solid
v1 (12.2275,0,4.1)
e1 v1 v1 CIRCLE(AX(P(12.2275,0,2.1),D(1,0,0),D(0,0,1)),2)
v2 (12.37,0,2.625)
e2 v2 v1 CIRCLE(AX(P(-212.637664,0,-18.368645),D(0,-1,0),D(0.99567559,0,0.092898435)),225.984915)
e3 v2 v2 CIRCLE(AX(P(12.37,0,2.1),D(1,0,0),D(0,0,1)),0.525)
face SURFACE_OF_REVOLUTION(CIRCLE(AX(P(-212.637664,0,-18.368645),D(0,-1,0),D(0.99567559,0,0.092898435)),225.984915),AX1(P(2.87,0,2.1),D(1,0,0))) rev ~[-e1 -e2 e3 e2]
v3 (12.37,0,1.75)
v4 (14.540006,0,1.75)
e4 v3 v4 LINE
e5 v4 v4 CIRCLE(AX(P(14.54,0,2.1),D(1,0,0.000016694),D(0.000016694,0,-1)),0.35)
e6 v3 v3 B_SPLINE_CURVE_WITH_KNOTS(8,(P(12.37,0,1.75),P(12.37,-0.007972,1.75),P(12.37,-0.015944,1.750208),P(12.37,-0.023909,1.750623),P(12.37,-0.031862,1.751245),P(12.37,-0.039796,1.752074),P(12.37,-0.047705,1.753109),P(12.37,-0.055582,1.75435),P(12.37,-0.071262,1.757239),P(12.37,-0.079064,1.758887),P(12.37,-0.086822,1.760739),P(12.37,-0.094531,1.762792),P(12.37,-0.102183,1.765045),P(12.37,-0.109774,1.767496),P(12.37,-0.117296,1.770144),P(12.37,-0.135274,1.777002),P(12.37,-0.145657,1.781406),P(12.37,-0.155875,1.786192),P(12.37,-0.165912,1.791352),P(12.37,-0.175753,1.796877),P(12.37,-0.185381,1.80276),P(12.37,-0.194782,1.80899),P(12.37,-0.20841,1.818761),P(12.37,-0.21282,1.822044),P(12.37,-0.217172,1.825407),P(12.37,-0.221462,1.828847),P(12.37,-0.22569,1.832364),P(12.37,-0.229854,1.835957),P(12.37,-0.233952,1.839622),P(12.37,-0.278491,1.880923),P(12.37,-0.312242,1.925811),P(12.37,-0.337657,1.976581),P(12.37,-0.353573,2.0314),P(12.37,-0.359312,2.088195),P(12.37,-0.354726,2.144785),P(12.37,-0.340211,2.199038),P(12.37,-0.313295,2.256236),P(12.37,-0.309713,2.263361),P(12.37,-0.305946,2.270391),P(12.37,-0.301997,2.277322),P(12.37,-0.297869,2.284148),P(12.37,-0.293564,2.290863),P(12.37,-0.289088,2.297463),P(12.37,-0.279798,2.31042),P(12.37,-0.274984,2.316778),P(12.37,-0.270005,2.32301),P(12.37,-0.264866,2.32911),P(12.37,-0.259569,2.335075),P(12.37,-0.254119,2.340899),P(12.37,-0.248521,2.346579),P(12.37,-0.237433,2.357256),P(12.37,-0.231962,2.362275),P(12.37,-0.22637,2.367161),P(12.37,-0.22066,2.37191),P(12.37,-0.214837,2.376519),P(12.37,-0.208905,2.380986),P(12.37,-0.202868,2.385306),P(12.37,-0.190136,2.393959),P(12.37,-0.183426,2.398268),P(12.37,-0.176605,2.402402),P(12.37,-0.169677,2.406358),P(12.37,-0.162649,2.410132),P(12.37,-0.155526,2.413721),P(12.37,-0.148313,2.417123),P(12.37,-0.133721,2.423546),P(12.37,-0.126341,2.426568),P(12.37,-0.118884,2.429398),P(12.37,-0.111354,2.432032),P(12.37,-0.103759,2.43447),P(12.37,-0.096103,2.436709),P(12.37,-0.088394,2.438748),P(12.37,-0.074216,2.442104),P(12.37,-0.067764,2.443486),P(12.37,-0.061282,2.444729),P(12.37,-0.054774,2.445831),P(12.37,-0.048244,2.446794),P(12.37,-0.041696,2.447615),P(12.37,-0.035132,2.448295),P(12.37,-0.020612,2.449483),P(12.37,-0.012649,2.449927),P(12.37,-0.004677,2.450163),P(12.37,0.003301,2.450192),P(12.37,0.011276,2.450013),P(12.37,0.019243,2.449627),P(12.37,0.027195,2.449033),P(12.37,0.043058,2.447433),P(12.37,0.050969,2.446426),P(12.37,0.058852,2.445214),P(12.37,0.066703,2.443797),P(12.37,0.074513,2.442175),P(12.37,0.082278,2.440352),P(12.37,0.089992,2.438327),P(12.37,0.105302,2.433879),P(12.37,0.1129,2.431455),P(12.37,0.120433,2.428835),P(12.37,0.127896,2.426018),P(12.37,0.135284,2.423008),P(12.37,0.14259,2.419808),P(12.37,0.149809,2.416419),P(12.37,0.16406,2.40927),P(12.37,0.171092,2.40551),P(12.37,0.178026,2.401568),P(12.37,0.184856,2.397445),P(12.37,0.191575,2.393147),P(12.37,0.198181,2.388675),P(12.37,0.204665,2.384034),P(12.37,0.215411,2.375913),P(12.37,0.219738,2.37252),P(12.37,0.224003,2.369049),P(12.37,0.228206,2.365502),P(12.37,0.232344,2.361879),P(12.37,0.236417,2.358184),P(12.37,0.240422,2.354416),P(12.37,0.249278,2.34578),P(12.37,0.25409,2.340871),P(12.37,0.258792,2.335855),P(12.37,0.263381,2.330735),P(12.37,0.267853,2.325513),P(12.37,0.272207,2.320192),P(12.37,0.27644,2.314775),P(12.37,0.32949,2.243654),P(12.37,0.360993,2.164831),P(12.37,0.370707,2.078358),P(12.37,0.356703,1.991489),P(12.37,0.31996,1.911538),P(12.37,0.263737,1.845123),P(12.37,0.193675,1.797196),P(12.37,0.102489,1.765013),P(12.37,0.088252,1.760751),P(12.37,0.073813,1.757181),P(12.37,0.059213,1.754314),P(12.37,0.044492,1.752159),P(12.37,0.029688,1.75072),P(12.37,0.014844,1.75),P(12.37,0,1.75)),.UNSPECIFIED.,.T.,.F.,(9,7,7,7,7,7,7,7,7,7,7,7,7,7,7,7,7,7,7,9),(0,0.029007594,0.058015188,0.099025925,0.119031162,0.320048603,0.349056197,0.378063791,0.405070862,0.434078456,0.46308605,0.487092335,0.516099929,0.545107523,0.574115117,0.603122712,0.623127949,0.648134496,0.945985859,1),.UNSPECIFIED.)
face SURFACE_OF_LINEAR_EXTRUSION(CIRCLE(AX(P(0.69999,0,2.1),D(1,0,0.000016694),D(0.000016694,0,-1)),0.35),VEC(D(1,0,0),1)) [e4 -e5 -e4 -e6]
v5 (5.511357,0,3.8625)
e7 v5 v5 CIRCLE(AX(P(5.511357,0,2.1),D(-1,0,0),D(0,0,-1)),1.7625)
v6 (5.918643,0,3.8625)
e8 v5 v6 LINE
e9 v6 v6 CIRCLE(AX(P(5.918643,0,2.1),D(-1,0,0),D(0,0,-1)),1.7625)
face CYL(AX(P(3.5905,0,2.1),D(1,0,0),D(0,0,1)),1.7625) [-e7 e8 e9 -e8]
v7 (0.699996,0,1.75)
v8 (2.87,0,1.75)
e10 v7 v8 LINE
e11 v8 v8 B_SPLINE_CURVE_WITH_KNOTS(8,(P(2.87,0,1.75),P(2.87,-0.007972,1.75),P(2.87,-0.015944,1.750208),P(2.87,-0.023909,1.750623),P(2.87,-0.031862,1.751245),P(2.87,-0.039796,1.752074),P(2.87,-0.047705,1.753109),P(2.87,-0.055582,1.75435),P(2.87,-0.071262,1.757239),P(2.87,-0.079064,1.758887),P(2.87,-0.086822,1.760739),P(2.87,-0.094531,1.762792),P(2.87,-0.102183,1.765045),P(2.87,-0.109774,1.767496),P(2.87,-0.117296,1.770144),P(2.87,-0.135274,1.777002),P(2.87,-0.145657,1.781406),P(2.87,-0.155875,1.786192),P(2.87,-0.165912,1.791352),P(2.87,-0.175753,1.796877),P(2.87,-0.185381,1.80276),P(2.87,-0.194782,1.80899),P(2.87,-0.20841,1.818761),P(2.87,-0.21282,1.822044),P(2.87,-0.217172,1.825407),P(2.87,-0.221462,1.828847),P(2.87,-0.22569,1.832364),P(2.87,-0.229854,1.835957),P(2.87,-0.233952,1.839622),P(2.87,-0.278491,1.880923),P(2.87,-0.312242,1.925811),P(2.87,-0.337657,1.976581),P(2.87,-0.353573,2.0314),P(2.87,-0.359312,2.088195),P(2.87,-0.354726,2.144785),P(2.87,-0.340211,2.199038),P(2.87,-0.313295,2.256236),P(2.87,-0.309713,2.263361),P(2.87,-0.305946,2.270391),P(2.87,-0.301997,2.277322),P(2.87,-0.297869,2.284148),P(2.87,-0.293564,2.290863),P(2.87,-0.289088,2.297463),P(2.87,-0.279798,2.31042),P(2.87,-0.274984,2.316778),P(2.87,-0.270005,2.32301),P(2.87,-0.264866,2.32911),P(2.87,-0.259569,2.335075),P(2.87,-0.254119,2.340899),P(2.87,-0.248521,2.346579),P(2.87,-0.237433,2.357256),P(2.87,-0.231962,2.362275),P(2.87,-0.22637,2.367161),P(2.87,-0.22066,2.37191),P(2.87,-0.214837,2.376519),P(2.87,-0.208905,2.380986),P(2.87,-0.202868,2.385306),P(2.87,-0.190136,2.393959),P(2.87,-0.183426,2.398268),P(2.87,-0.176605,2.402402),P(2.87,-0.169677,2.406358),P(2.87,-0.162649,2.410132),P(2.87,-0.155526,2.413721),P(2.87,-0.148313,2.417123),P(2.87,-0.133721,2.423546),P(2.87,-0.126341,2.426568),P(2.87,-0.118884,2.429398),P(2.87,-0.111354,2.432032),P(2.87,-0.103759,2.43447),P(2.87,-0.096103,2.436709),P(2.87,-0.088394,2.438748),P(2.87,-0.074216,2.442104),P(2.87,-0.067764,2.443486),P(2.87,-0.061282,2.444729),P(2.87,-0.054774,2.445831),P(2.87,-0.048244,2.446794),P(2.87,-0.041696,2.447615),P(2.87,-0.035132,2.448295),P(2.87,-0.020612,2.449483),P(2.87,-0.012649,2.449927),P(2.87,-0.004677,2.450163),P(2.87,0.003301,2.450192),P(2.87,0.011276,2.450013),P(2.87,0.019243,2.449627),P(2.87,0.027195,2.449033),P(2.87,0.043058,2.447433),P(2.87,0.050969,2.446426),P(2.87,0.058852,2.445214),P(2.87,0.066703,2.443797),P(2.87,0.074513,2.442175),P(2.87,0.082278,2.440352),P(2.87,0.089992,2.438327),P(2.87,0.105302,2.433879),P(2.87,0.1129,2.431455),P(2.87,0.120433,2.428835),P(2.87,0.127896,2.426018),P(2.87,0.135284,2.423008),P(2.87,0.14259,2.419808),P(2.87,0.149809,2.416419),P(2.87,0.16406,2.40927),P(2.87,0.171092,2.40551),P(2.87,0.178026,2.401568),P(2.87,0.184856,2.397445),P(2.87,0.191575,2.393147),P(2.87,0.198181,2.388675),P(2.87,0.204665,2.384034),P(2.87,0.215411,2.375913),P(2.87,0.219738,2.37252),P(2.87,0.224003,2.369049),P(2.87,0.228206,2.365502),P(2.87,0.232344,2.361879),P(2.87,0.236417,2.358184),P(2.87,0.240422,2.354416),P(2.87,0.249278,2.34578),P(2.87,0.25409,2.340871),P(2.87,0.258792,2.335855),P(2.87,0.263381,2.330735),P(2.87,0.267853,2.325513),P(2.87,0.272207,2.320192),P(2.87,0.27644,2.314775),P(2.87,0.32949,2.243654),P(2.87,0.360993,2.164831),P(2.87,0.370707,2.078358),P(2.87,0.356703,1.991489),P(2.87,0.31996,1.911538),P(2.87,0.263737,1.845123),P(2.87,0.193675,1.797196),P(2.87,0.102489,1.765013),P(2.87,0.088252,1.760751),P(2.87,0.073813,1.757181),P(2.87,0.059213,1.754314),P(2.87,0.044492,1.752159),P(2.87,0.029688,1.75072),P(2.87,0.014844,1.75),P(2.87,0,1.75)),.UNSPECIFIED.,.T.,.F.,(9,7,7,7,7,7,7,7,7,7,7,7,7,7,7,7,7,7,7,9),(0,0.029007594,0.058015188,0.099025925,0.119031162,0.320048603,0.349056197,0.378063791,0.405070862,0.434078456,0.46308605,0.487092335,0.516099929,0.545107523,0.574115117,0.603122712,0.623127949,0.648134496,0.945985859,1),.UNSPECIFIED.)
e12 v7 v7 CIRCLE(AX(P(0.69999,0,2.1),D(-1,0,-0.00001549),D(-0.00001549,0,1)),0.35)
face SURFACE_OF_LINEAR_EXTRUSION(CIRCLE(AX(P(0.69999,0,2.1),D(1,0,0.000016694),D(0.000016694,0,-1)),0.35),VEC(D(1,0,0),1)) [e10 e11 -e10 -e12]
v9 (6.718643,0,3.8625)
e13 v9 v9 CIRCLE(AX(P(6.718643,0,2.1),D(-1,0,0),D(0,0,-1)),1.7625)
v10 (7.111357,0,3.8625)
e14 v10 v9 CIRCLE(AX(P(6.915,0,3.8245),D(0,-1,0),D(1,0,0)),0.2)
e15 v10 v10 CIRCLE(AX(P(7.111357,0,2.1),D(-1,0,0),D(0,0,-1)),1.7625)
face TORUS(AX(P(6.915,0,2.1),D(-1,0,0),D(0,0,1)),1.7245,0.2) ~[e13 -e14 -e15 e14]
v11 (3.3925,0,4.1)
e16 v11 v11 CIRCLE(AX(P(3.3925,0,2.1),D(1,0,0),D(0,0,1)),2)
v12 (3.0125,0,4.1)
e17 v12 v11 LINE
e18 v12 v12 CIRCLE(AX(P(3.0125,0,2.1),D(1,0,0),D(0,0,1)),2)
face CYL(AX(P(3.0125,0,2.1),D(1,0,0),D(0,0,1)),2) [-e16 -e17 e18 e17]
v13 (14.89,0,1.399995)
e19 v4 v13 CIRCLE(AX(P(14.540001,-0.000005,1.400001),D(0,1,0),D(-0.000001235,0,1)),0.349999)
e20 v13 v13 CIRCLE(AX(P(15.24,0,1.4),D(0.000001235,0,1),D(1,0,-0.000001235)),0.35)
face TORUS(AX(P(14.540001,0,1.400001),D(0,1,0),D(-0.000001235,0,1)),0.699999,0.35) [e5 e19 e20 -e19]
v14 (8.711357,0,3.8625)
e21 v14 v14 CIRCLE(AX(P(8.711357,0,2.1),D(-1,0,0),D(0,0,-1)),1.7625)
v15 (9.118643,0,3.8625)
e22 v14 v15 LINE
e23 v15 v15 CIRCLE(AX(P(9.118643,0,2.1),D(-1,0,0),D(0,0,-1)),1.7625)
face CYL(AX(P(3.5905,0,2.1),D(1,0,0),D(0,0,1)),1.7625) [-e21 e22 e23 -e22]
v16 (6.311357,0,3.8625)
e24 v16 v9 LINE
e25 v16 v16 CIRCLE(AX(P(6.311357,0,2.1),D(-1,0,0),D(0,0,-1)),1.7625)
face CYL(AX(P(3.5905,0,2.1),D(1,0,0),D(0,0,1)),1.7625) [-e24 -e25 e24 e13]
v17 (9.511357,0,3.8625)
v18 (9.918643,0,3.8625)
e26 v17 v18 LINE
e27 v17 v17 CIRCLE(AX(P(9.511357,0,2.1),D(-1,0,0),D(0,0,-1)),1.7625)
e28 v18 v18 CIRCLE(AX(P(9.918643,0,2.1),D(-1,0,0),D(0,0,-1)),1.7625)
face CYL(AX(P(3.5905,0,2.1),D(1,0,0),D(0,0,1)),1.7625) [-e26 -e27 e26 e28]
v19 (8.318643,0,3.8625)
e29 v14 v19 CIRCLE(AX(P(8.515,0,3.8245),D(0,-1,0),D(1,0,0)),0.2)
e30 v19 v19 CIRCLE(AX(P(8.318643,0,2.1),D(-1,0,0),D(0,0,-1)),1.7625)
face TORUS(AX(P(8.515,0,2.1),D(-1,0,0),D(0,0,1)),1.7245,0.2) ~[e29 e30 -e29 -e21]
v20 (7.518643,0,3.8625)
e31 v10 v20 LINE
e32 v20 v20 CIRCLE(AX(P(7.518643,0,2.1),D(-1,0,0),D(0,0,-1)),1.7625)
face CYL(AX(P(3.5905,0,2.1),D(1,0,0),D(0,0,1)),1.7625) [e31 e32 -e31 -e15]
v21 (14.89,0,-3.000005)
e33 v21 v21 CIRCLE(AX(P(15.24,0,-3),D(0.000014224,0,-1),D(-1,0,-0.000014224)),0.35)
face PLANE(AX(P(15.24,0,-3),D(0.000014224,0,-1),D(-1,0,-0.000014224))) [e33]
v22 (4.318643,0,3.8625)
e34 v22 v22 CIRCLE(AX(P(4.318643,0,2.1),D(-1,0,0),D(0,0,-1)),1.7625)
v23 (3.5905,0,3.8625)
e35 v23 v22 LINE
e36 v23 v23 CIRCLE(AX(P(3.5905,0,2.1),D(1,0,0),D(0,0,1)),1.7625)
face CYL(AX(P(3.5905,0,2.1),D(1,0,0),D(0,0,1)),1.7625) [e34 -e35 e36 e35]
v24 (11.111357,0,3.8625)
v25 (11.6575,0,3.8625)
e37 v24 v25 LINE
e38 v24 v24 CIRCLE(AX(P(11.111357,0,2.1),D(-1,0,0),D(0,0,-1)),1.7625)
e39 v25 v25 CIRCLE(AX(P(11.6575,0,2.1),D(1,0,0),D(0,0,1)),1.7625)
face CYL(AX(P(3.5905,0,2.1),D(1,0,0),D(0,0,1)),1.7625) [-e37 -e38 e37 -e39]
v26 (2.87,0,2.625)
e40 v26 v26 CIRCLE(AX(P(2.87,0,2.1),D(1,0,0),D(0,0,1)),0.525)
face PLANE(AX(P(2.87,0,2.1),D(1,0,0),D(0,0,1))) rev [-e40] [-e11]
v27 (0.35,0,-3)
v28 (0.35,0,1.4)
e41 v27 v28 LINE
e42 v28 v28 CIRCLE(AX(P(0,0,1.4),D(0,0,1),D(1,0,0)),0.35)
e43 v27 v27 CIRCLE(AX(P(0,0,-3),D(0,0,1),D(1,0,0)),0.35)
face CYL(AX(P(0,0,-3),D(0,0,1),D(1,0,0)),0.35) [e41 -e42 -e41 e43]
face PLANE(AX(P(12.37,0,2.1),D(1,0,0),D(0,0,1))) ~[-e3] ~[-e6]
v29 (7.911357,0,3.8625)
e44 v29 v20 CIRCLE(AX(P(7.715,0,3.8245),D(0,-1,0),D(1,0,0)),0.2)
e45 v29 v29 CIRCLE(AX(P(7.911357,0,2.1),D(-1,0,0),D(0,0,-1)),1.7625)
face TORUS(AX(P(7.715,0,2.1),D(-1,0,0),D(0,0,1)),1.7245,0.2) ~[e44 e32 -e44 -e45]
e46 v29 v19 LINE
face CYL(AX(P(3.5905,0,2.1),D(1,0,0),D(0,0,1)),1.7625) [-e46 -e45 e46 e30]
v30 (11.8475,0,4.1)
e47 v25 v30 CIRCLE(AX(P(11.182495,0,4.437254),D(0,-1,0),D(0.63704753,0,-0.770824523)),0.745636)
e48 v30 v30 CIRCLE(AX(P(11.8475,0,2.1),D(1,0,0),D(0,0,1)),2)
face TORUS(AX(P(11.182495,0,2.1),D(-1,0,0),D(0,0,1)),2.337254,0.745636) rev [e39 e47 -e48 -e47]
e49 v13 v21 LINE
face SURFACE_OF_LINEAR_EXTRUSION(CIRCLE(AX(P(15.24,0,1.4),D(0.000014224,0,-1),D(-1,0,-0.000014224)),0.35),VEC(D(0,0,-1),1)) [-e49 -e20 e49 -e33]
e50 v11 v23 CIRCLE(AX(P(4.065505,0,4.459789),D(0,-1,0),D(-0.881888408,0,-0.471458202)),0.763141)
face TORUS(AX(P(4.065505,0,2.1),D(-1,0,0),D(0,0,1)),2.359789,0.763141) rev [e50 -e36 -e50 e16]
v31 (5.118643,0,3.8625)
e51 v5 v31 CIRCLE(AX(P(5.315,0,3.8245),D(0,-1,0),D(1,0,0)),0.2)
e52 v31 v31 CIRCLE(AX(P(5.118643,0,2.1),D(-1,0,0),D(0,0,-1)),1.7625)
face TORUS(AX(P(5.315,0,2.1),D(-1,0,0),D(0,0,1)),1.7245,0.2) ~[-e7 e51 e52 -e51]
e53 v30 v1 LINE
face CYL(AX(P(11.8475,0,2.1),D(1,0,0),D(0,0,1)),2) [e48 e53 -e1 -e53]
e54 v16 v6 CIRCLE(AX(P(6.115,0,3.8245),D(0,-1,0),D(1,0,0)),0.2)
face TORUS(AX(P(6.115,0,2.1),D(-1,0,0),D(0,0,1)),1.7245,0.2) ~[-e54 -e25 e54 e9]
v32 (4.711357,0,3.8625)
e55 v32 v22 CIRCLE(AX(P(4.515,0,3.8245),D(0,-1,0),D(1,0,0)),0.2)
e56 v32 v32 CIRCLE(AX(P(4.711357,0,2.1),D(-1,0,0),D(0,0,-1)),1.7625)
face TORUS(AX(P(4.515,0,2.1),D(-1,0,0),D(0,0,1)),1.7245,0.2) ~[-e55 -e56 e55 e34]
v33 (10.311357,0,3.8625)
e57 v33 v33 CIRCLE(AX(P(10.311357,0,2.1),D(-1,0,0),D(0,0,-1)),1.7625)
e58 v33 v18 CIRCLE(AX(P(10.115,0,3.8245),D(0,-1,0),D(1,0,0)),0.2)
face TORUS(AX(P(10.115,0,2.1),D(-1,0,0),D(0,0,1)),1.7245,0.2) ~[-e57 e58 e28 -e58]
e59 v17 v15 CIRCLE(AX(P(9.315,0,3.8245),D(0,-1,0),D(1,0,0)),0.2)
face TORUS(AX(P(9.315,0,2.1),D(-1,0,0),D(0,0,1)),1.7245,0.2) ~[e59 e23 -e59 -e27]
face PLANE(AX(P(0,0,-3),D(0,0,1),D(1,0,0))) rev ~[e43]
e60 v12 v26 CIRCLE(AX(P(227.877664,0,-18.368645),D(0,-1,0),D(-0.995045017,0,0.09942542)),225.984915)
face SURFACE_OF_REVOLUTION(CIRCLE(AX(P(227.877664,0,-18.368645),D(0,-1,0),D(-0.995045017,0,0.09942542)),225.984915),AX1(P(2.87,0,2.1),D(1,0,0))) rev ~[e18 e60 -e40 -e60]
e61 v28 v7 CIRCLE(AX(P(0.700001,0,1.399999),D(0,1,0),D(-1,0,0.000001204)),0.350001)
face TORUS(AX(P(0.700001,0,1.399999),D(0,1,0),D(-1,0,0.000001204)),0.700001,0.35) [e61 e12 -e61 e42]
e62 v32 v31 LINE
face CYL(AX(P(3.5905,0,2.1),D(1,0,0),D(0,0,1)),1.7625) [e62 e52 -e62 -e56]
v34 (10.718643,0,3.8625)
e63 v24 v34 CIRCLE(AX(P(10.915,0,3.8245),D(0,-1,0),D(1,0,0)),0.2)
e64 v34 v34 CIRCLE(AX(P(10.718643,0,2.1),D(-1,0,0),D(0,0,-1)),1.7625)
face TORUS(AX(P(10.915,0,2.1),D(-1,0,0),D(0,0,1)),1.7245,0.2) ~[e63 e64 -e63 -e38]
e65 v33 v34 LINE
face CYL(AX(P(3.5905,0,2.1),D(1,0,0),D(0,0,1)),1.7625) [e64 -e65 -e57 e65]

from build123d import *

# Parameters (mm, degrees)
SKETCH_R = 0.35


with BuildPart() as sweep_body:
    # Sweep: sweep along a path in Sketch001
    with BuildLine(Plane.XZ) as sweep_path:
        Line((0, -3), (0, 1.4))
        ThreePointArc((0, 1.4), (0.205022, 1.894971), (0.69999, 2.1))
        Line((0.69999, 2.1), (14.54, 2.1))
        ThreePointArc((14.54, 2.1), (15.034975, 1.894975), (15.24, 1.4))
        Line((15.24, 1.4), (15.24, -3))
    # Sketch → Sweep (sweep)
    with BuildSketch(Plane.XY.offset(-2)):
        Circle(SKETCH_R)
    sweep(path=sweep_path.line)


with BuildPart() as revolution:
    # Sketch002 → Revolution (revolve)
    with BuildSketch(Plane.XZ):
        with BuildLine():
            Line((3.0125, 4.1), (3.3925, 4.1))
            ThreePointArc((3.3925, 4.1), (3.479345, 3.971117), (3.5905, 3.8625))
            Line((3.5905, 3.8625), (11.6575, 3.8625))
            ThreePointArc((11.6575, 3.8625), (11.764738, 3.971459), (11.8475, 4.1))
            Line((11.8475, 4.1), (12.2275, 4.1))
            ThreePointArc((12.37, 2.625), (12.299959, 3.362617), (12.2275, 4.1))
            Line((12.37, 2.1), (12.37, 2.625))
            Line((2.87, 2.1), (12.37, 2.1))
            Line((2.87, 2.1), (2.87, 2.625))
            ThreePointArc((3.0125, 4.1), (2.940041, 3.362617), (2.87, 2.625))
        make_face()
    revolve(axis=Axis((2.87, 0, 2.1), (1, 0, 0)))


with BuildPart() as revolution001_mp_cp:
    # Sketch003 → Revolution001 (revolve)
    with BuildSketch(Plane.XZ):
        with BuildLine():
            ThreePointArc((4.715, 3.8245), (4.515, 4.0245), (4.315, 3.8245))
            Line((3.915, 3.8245), (4.315, 3.8245))
            Line((3.915, 3.8245), (3.915, 3.4245))
            Line((3.915, 3.4245), (11.515, 3.4245))
            Line((11.515, 3.4245), (11.515, 3.8245))
            Line((11.115, 3.8245), (11.515, 3.8245))
            ThreePointArc((11.115, 3.8245), (10.915, 4.0245), (10.715, 3.8245))
            Line((10.315, 3.8245), (10.715, 3.8245))
            ThreePointArc((10.315, 3.8245), (10.115, 4.0245), (9.915, 3.8245))
            Line((9.515, 3.8245), (9.915, 3.8245))
            ThreePointArc((9.515, 3.8245), (9.315, 4.0245), (9.115, 3.8245))
            Line((8.715, 3.8245), (9.115, 3.8245))
            ThreePointArc((8.715, 3.8245), (8.515, 4.0245), (8.315, 3.8245))
            Line((7.915, 3.8245), (8.315, 3.8245))
            ThreePointArc((7.915, 3.8245), (7.715, 4.0245), (7.515, 3.8245))
            Line((7.115, 3.8245), (7.515, 3.8245))
            ThreePointArc((7.115, 3.8245), (6.915, 4.0245), (6.715, 3.8245))
            Line((6.315, 3.8245), (6.715, 3.8245))
            ThreePointArc((6.315, 3.8245), (6.115, 4.0245), (5.915, 3.8245))
            Line((5.515, 3.8245), (5.915, 3.8245))
            ThreePointArc((5.515, 3.8245), (5.315, 4.0245), (5.115, 3.8245))
            Line((4.715, 3.8245), (5.115, 3.8245))
        make_face()
    revolve(axis=Axis((3.1075, 0, 2.1), (1, 0, 0)))

    # Revolution001_mp_cp: union Sweep body, Revolution
    add(sweep_body.part)
    add(revolution.part)


solid = revolution001_mp_cp.part
